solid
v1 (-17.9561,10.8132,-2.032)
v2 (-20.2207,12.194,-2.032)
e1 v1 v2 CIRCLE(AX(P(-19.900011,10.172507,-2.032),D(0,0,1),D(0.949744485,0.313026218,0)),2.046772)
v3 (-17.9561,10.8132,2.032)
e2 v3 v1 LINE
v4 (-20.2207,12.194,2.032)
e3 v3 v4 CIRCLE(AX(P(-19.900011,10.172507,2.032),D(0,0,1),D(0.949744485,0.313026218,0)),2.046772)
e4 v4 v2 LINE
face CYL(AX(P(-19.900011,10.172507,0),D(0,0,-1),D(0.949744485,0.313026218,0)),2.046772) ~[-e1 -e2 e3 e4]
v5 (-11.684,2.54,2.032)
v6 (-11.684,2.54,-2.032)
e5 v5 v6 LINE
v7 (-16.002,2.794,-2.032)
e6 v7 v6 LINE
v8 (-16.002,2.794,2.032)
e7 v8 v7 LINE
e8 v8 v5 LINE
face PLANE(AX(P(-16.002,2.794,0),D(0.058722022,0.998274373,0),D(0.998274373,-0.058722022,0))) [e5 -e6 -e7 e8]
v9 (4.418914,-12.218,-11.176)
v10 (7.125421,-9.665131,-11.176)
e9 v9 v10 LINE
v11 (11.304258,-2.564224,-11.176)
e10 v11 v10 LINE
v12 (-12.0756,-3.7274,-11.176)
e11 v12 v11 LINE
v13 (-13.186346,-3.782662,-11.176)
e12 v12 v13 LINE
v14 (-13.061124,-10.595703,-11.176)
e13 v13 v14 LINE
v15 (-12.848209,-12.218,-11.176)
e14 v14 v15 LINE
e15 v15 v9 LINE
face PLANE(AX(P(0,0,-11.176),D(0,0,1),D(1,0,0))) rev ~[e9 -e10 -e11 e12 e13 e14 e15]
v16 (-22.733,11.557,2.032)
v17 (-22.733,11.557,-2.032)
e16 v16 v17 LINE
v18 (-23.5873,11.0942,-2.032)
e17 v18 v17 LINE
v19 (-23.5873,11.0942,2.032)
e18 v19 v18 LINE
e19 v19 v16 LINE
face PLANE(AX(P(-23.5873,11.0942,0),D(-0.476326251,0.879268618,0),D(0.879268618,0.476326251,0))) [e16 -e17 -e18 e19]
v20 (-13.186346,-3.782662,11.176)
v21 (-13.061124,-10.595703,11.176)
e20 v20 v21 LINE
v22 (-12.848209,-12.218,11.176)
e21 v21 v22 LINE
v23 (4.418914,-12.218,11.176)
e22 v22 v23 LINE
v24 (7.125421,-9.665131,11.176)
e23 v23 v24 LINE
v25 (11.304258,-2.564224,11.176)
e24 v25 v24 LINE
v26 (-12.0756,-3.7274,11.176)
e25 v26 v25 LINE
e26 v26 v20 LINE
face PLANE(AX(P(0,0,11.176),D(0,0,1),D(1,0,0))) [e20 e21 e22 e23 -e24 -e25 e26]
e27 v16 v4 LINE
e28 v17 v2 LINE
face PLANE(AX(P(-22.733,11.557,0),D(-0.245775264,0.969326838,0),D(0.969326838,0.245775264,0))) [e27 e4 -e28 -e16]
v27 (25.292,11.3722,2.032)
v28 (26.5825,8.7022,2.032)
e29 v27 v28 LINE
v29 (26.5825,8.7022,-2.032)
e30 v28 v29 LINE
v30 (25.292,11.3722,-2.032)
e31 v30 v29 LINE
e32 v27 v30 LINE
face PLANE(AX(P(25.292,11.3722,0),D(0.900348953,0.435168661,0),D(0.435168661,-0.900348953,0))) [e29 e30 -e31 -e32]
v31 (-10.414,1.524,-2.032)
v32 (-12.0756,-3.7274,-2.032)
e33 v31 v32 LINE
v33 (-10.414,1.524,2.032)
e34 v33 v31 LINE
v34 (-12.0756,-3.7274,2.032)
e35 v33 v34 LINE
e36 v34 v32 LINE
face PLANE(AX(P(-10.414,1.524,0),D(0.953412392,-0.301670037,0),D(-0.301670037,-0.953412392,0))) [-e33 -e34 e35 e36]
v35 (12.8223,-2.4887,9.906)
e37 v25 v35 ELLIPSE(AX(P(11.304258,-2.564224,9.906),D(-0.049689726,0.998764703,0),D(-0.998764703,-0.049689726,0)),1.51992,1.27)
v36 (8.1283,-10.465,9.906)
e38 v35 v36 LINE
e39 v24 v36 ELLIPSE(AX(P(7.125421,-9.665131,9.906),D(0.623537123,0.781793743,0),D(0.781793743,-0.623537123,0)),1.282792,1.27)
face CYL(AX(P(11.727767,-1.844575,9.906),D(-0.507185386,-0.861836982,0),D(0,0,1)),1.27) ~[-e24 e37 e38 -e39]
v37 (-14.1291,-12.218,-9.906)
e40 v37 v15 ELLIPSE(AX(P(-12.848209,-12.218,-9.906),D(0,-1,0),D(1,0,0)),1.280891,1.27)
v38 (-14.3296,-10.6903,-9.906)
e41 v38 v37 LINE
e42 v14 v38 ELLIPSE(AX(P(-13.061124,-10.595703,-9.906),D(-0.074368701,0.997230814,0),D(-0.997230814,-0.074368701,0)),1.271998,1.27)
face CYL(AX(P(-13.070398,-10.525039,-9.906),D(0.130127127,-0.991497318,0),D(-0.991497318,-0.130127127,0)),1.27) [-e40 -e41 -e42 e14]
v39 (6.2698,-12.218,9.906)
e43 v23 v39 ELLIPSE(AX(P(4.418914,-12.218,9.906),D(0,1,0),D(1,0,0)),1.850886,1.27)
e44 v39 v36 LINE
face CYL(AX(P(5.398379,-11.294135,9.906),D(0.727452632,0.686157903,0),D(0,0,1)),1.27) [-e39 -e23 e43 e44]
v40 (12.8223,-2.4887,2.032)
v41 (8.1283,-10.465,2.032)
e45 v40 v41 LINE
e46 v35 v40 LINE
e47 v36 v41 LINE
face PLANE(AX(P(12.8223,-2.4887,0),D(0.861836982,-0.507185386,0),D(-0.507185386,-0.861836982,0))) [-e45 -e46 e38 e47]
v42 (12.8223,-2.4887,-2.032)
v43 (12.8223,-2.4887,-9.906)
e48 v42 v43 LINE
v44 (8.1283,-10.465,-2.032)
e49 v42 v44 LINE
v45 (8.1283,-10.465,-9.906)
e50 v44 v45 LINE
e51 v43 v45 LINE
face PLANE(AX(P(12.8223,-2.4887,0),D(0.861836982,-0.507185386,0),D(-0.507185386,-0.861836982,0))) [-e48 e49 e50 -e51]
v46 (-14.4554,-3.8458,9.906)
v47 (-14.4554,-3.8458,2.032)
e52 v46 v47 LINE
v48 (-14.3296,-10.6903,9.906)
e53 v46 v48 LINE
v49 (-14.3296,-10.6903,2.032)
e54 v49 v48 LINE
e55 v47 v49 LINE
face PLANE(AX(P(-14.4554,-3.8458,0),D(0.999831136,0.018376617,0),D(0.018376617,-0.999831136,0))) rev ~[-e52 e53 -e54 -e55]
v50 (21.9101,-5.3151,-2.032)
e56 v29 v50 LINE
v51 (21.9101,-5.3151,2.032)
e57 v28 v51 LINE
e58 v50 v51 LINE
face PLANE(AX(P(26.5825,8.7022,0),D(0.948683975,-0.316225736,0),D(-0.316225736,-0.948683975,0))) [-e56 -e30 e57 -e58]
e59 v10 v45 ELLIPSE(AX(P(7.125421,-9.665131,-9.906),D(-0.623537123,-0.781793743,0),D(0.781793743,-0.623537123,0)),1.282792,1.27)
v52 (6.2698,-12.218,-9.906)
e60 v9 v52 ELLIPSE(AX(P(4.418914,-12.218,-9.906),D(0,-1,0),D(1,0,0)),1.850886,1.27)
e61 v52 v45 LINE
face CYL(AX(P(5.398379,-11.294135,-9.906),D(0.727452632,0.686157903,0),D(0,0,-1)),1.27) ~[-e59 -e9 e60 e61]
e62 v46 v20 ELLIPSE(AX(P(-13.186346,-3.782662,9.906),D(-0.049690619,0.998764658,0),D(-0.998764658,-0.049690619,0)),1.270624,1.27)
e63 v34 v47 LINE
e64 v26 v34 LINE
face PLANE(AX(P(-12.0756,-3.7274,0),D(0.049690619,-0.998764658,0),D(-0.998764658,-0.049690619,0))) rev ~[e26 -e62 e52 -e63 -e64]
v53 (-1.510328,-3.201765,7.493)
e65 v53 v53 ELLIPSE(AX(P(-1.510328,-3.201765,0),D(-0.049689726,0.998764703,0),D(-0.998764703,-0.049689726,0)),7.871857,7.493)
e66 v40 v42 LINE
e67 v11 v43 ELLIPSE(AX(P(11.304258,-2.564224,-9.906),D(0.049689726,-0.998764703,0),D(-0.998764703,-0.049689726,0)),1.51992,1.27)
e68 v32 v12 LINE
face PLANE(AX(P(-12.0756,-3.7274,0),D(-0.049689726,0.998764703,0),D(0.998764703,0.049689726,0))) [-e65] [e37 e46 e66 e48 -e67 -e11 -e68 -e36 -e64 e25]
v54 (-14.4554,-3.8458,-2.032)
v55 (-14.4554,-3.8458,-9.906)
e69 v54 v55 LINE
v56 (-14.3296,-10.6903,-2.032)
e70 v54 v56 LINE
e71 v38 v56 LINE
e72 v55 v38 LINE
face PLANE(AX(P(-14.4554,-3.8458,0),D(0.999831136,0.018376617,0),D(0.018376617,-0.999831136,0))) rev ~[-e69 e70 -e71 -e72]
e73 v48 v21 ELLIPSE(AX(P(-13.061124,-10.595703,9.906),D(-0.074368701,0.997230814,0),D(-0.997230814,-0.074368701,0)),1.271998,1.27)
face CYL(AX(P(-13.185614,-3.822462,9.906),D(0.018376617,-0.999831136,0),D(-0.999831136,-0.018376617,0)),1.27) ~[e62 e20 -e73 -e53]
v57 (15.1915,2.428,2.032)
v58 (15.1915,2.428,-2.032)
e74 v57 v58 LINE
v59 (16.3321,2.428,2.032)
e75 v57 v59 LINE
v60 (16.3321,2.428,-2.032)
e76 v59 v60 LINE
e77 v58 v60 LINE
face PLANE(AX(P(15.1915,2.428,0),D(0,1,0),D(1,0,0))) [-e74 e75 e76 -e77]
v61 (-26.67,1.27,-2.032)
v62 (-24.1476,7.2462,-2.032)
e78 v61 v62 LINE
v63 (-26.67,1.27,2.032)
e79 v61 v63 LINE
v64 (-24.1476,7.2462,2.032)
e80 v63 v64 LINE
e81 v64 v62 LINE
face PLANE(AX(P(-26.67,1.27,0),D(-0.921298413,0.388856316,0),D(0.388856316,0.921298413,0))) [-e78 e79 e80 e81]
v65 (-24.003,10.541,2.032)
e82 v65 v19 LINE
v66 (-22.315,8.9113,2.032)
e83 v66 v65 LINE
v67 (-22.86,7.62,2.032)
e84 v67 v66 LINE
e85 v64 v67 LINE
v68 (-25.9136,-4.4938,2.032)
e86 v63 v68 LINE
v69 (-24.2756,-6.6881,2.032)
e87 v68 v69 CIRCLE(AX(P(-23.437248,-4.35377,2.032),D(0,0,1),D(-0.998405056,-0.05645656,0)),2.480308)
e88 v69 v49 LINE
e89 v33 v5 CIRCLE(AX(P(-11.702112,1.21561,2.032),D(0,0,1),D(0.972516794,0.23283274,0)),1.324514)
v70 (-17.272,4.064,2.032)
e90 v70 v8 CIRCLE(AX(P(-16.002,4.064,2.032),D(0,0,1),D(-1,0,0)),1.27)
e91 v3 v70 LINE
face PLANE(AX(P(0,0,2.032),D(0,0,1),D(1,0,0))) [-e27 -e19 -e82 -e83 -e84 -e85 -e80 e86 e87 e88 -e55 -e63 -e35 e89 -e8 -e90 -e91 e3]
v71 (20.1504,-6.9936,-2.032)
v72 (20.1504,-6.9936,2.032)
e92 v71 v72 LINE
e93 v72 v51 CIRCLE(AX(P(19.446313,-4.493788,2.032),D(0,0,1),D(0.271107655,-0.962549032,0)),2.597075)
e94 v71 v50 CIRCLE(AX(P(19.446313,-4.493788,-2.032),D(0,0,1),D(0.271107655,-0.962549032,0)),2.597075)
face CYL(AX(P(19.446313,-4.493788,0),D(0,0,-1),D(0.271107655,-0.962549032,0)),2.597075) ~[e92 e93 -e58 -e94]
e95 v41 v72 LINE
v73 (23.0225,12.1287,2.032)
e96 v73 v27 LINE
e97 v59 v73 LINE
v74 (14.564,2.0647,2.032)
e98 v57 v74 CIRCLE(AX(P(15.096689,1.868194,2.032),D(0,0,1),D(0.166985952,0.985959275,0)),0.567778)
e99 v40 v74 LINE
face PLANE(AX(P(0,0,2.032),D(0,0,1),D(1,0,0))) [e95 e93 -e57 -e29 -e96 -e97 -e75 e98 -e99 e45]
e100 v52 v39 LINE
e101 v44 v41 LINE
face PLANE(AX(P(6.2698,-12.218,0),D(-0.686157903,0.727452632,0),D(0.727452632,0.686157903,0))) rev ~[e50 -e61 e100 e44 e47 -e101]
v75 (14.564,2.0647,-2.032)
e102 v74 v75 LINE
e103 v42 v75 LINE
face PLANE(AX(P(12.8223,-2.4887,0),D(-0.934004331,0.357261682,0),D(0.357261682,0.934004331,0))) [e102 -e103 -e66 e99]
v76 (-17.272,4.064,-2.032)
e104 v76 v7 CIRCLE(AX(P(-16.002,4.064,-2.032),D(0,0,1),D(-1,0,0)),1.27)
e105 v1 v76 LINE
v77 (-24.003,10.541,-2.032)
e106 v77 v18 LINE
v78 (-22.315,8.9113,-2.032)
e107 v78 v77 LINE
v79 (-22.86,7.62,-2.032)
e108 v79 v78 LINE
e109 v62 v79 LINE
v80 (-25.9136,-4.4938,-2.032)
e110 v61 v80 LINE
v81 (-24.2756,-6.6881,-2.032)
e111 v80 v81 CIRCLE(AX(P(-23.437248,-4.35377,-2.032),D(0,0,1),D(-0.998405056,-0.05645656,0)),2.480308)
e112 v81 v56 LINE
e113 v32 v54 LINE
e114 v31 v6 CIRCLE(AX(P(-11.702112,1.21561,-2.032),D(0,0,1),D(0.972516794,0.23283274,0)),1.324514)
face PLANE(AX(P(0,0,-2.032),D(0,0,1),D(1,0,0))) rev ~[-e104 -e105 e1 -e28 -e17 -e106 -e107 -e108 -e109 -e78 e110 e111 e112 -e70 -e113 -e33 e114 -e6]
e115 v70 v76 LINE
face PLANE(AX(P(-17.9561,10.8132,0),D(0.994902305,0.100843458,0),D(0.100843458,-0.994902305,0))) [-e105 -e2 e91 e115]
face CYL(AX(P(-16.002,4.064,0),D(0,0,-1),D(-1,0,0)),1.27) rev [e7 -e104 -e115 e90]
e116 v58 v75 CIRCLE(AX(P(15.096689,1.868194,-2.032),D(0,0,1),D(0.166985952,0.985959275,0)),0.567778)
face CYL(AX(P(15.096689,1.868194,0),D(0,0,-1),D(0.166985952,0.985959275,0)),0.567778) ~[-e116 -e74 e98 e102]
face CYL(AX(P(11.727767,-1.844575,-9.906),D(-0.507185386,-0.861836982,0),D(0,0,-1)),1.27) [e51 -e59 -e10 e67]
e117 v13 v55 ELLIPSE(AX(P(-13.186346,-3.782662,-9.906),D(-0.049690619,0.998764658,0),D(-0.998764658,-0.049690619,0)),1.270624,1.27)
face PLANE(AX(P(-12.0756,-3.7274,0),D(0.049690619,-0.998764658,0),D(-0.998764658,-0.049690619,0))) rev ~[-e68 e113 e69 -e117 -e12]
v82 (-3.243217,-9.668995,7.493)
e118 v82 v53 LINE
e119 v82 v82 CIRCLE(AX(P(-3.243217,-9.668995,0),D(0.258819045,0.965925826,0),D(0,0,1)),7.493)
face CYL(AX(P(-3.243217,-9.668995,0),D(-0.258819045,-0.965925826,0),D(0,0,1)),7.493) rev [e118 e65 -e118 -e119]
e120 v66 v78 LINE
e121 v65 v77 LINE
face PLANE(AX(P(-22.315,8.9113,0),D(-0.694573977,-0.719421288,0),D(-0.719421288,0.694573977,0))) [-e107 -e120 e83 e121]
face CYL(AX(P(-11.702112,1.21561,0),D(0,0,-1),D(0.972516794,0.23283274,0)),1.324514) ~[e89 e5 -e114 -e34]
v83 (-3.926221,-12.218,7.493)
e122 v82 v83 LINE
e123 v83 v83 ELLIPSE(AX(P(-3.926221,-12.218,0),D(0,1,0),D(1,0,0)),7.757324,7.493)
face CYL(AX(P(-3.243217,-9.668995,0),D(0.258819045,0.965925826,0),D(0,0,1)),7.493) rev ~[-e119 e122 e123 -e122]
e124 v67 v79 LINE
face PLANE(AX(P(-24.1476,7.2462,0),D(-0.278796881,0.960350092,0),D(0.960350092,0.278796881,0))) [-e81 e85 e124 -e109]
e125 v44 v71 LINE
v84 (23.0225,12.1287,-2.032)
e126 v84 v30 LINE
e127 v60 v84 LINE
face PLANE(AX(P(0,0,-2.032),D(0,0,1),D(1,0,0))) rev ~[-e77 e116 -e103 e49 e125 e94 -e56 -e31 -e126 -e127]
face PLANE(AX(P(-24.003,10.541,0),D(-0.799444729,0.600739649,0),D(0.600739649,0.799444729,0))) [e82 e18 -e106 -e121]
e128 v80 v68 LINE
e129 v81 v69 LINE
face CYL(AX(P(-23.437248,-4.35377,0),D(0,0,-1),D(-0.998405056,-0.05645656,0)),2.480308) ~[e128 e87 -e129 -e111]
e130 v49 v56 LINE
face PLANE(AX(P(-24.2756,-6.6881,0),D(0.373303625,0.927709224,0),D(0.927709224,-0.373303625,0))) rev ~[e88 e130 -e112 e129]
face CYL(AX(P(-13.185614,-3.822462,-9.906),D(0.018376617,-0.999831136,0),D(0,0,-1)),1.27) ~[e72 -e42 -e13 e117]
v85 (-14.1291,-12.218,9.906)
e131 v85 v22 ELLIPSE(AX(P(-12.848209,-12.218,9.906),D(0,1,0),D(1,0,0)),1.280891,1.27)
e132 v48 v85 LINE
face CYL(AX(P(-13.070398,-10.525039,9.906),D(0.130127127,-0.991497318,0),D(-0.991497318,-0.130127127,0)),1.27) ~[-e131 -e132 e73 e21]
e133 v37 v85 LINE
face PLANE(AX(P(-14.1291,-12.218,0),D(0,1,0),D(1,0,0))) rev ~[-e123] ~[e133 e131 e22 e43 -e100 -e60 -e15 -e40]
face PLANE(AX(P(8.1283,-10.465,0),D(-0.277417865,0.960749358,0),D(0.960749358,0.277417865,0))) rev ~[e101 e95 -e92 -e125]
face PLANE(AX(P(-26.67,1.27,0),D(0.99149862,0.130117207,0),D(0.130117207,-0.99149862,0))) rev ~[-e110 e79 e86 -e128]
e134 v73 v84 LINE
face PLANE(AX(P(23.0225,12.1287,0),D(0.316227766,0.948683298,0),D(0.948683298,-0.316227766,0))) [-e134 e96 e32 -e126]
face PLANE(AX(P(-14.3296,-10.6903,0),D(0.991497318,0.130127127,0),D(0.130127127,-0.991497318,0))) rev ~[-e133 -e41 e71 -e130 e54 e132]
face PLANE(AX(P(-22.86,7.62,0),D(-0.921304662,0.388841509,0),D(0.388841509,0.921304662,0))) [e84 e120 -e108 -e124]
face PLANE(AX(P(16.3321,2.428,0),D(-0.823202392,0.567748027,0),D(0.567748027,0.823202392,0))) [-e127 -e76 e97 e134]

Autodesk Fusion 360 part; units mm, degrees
sketch "Sketch1" plane through (0, 0, 0) normal (0, 0, 1) x (1, 0, 0)
  line L0 (-26.67, 1.27) -> (-24.1476, 7.2462)
  line L1 (-24.1476, 7.2462) -> (-22.86, 7.62)
  line L2 (-22.86, 7.62) -> (-22.315, 8.9113)
  line L3 (-22.315, 8.9113) -> (-24.003, 10.541)
  line L4 (-23.5873, 11.0942) -> (-22.733, 11.557)
  line L5 (-22.733, 11.557) -> (-20.2207, 12.194)
  arc A0 (-17.9561, 10.8132) -> (-20.2207, 12.194) centre (-19.9, 10.1725) ccw
  arc A1 (-17.272, 4.064) -> (-16.002, 2.794) centre (-16.002, 4.064) ccw
  arc A2 (-10.414, 1.524) -> (-11.684, 2.54) centre (-11.7021, 1.2156) ccw
  line L6 (-16.002, 2.794) -> (-11.684, 2.54)
  line L7 (-17.9561, 10.8132) -> (-17.272, 4.064)
  line L8 (-10.414, 1.524) -> (-12.0756, -3.7274)
  line L9 (-12.0756, -3.7274) -> (12.8223, -2.4887)
  line L10 (12.8223, -2.4887) -> (14.564, 2.0647)
  arc A3 (15.1915, 2.428) -> (14.564, 2.0647) centre (15.0967, 1.8682) ccw
  line L11 (15.1915, 2.428) -> (16.3321, 2.428)
  line L12 (16.3321, 2.428) -> (23.0225, 12.1287)
  line L13 (23.0225, 12.1287) -> (25.292, 11.3722)
  line L14 (25.292, 11.3722) -> (26.5825, 8.7022)
  line L15 (26.5825, 8.7022) -> (21.9101, -5.3151)
  arc A4 (20.1504, -6.9936) -> (21.9101, -5.3151) centre (19.4463, -4.4938) ccw
  arc A5 (-25.9136, -4.4938) -> (-24.2756, -6.6881) centre (-23.4373, -4.3537) ccw
  line L16 (-26.67, 1.27) -> (-25.9136, -4.4938)
  line L17 (-24.2756, -6.6881) -> (-14.3296, -10.6903)
  line L18 (-14.3296, -10.6903) -> (-14.1291, -12.218)
  line L19 (-14.1291, -12.218) -> (6.2698, -12.218)
  line L20 (6.2698, -12.218) -> (8.1283, -10.465)
  line L21 (8.1283, -10.465) -> (20.1504, -6.9936)
  line L22 (-12.0756, -3.7274) -> (-14.4554, -3.8458)
  line L23 (-14.4554, -3.8458) -> (-14.3296, -10.6903)
  line L24 (12.8223, -2.4887) -> (8.1283, -10.465)
  line L25 (-24.003, 10.541) -> (-23.5873, 11.0942)
extrude "Extrude1" add sketch "Sketch1" along normal mid plane 4.064 contours L0 L1 L2 L3 L4 L5 A0 A1 A2 L6 L7 L8 A5 L16 L17 L22 L23 L25 | L10 A3 L11 L12 L13 L14 L15 A4 L21 L24 makes body 1 at (-19.0192, -1.7813, 2.032) makes body 2 at (21.6083, 1.9384, 2.032)
extrude "Extrude2" add sketch "Sketch1" along normal mid plane 22.352 contours L9 L18 L19 L20 L22 L23 L24 bodies 1 2
ref_plane "WorkPlane1" through (6.2698, -12.218, 0) normal (0.2588, 0.9659, 0) x (0, 0, 1)
sketch "Sketch4" plane through (6.2698, -12.218, 0) normal (0.2588, 0.9659, 0) x (0, 0, 1)
  line L0 (-11.176, -19.7038) -> (11.176, -19.7038)
  line L1 (-11.176, 0) -> (-11.176, -19.7038) construction
  circle A0 centre (0, -9.8486) radius 7.493
  point P0 (-11.176, 0)
  point P1 (-11.176, 0)
  point P2 (11.176, 0)
  point P3 (0, -9.8486)
  dimension "d6" = 22.352
  dimension "d7" = 19.7038
  dimension "d8" = 9.8552
  dimension "d9" = 11.176
  dimension "d10" = 14.986
extrude "Extrude3" cut sketch "Sketch4" along normal through all and the other way through all bodies 1
fillet "Fillet1" radius 1.27 8 edges at (10.4753, -6.4768, 11.176) (7.1991, -11.3415, 11.176) (-14.3925, -7.268, 11.176) (-14.2293, -11.4541, 11.176) (-14.3925, -7.268, -11.176) (-14.2293, -11.4541, -11.176) (10.4753, -6.4768, -11.176) (7.1991, -11.3415, -11.176) on bodies 1
